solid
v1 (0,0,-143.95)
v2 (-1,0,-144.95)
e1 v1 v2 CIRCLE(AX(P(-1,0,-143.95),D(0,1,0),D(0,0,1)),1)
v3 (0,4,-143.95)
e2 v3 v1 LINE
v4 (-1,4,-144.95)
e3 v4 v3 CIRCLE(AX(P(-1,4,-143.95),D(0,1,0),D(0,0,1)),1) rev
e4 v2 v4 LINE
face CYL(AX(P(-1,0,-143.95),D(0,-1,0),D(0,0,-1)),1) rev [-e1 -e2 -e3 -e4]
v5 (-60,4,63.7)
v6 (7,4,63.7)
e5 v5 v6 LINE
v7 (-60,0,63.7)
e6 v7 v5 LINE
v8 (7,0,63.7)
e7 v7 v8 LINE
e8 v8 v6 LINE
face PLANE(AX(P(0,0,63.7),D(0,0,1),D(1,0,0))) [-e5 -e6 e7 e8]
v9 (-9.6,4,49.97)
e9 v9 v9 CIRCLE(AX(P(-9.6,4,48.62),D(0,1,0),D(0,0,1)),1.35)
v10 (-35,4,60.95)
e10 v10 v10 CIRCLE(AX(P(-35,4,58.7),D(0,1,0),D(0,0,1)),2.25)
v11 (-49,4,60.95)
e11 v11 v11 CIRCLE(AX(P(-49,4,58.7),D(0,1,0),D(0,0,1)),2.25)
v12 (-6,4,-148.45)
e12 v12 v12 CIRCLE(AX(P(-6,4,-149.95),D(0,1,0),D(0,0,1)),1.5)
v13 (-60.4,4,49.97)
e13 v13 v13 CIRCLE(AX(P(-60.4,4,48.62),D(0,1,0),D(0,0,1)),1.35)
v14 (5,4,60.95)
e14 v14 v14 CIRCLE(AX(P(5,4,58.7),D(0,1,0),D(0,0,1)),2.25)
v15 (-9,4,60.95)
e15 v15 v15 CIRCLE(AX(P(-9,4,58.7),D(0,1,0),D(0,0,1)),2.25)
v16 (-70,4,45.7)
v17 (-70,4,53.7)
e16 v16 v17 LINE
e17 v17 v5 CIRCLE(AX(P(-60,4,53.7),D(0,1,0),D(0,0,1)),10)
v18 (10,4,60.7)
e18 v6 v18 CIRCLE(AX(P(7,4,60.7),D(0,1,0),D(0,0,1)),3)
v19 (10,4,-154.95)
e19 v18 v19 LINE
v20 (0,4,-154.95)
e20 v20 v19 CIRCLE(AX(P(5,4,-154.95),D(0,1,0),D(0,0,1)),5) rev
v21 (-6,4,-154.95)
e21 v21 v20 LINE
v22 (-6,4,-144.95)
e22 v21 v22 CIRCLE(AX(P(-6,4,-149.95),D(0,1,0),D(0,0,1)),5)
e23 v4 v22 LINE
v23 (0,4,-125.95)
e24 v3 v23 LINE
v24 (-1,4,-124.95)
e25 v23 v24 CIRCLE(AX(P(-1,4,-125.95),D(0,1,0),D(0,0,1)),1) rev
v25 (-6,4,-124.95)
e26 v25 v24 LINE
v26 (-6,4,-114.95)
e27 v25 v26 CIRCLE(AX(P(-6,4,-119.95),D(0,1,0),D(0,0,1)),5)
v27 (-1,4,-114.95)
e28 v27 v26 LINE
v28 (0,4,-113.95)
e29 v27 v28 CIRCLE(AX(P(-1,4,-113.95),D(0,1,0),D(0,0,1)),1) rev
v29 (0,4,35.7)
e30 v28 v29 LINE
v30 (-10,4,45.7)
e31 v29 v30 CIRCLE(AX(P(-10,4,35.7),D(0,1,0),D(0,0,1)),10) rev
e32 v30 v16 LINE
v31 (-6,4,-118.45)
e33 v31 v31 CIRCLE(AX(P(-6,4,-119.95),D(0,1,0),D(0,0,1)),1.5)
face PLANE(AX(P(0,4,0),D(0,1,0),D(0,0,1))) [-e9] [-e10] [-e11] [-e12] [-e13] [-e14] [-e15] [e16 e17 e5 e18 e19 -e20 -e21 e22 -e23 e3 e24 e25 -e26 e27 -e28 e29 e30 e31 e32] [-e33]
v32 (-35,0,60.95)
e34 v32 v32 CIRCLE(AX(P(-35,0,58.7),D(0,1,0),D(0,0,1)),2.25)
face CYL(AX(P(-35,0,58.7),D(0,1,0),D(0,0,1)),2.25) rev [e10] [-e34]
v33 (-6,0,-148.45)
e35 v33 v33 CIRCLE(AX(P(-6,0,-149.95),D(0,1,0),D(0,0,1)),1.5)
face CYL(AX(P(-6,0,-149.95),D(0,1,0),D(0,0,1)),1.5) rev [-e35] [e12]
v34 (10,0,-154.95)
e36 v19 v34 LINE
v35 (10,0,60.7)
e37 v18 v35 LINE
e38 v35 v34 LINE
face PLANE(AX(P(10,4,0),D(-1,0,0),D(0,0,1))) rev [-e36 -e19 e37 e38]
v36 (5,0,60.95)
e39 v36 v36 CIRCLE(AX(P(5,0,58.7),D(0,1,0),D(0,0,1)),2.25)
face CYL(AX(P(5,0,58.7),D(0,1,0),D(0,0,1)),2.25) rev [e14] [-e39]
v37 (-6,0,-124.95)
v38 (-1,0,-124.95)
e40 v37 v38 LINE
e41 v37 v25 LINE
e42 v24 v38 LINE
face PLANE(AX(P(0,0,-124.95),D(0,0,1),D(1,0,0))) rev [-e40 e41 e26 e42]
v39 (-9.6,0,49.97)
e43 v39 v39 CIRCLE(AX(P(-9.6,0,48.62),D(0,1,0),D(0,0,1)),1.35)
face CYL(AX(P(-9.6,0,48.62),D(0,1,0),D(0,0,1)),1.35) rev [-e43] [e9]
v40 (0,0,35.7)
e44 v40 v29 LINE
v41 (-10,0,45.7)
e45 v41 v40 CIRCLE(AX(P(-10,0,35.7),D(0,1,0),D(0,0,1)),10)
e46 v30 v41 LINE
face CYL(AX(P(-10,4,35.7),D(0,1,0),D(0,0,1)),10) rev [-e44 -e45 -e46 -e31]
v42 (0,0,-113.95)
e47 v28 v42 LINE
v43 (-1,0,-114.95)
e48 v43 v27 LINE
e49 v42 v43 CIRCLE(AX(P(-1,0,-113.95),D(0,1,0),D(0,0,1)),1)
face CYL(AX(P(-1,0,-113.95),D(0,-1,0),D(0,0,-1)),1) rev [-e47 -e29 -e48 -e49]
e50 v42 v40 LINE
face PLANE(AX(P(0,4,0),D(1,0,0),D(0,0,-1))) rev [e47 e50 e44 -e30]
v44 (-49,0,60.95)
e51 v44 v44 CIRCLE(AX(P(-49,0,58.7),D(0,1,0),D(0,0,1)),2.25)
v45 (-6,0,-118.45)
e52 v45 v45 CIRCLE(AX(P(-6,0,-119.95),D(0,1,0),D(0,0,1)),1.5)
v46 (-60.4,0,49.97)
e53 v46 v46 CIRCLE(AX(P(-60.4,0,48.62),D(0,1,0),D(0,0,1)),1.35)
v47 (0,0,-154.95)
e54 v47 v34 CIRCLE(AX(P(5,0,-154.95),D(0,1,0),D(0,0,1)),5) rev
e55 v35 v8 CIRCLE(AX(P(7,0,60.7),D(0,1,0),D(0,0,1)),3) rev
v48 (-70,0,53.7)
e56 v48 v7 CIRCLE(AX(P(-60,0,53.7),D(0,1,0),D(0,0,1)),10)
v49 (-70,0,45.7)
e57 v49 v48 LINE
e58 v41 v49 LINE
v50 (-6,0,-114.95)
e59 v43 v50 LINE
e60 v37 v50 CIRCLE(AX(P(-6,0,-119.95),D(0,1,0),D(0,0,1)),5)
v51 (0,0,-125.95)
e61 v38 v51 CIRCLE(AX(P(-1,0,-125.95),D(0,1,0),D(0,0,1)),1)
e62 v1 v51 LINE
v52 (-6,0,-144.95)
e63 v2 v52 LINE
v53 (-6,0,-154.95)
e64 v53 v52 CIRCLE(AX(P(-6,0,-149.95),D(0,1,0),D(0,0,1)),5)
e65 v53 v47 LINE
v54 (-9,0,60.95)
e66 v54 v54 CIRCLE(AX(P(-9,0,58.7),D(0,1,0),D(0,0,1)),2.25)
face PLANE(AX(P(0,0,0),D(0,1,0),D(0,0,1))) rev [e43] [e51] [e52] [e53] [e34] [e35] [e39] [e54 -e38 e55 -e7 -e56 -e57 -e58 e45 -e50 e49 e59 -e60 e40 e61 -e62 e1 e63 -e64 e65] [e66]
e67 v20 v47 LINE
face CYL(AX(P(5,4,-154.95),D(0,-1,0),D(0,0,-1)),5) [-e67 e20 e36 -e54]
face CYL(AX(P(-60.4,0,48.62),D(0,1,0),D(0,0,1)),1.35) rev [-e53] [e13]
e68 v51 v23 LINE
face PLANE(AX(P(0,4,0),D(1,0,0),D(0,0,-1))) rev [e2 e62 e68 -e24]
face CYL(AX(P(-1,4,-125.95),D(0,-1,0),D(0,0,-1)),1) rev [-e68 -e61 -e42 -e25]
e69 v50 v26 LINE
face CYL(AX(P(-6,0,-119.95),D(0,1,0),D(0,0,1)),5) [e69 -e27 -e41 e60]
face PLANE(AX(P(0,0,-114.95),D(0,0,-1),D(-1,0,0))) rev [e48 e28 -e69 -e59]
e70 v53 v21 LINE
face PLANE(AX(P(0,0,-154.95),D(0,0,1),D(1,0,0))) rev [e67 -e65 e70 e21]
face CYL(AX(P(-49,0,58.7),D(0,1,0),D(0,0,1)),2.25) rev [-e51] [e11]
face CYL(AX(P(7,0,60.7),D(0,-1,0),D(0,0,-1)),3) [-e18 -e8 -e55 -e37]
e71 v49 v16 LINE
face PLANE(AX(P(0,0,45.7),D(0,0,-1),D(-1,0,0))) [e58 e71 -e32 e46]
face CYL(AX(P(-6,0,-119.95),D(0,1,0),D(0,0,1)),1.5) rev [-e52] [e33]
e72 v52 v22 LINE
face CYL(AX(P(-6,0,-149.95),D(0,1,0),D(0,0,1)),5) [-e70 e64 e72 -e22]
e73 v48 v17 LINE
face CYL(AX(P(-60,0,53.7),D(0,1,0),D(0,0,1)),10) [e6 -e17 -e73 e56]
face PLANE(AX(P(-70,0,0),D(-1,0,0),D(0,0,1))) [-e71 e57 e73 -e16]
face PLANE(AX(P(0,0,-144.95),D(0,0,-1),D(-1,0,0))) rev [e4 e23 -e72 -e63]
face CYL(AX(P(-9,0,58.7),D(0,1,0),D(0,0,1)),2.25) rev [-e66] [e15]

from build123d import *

# Parameters (mm, degrees)
BOSS_EXTRUDE1_DEPTH = 4
SKETCH3_R           = 1.35
SKETCH3_R_2         = 2.25
BOSS_EXTRUDE3_DEPTH = 4
FILLET2_R           = 3
SKETCH6_R           = 1.5
BOSS_EXTRUDE5_DEPTH = 4
FILLET4_R           = 1
FILLET5_R           = 10


with BuildPart() as part:
    # Sketch1 → Boss-Extrude1 (new body)
    with BuildSketch(Plane(origin=(0, 0, 0), x_dir=(1, 0, 0), z_dir=(0, 1, 0))):
        with BuildLine():
            Line((0, 154.95), (0, 0))
            Line((0, 0), (10, 0))
            Line((10, 0), (10, 154.95))
            ThreePointArc((10, 154.95), (5, 159.95), (0, 154.95))
        make_face()
    extrude(amount=BOSS_EXTRUDE1_DEPTH)

    # Sketch3 → Boss-Extrude3 (add)
    with BuildSketch(Plane(origin=(0, 4, 0), x_dir=(1, 0, 0), z_dir=(0, 1, 0))):
        with BuildLine():
            Line((0, 0), (0, -45.7))
            Line((0, -45.7), (-70, -45.7))
            Line((-70, -45.7), (-70, -53.7))
            ThreePointArc((-70, -53.7), (-67.071067812, -60.771067812), (-60, -63.7))
            Line((-60, -63.7), (10, -63.7))
            Line((10, -63.7), (10, 0))
            Line((10, 0), (0, 0))
        make_face()
        with Locations((-60.4, -48.62)):
            Circle(SKETCH3_R, mode=Mode.SUBTRACT)
        with Locations((-49, -58.7)):
            Circle(SKETCH3_R_2, mode=Mode.SUBTRACT)
        with Locations((-35, -58.7)):
            Circle(SKETCH3_R_2, mode=Mode.SUBTRACT)
        with Locations((-9, -58.7)):
            Circle(SKETCH3_R_2, mode=Mode.SUBTRACT)
        with Locations((-9.6, -48.62)):
            Circle(SKETCH3_R, mode=Mode.SUBTRACT)
        with Locations((5, -58.7)):
            Circle(SKETCH3_R_2, mode=Mode.SUBTRACT)
    extrude(amount=-BOSS_EXTRUDE3_DEPTH)

    # Fillet2
    fillet2_edges = [part.edges().sort_by_distance(p)[0] for p in [
        (10, 2, 63.7),
    ]]
    fillet(fillet2_edges, radius=FILLET2_R)

    # Sketch6 → Boss-Extrude5 (add)
    with BuildSketch(Plane(origin=(0, 4, 0), x_dir=(1, 0, 0), z_dir=(0, 1, 0))):
        with BuildLine():
            Line((0, 154.95), (-6, 154.95))
            ThreePointArc((-6, 154.95), (-11, 149.95), (-6, 144.95))
            Line((-6, 144.95), (0, 144.95))
            Line((0, 144.95), (0, 154.95))
        make_face()
        with Locations((-6, 149.95)):
            Circle(SKETCH6_R, mode=Mode.SUBTRACT)
        with BuildLine():
            Line((0, 114.95), (0, 124.95))
            Line((0, 124.95), (-6, 124.95))
            ThreePointArc((-6, 124.95), (-11, 119.95), (-6, 114.95))
            Line((-6, 114.95), (0, 114.95))
        make_face()
        with Locations((-6, 119.95)):
            Circle(SKETCH6_R, mode=Mode.SUBTRACT)
    extrude(amount=-BOSS_EXTRUDE5_DEPTH)

    # Fillet4
    fillet4_edges = [part.edges().sort_by_distance(p)[0] for p in [
        (0, 2, -144.95),
        (0, 2, -124.95),
        (0, 2, -114.95),
    ]]
    fillet(fillet4_edges, radius=FILLET4_R)

    # Fillet5
    fillet5_edges = [part.edges().sort_by_distance(p)[0] for p in [
        (0, 2, 45.7),
    ]]
    fillet(fillet5_edges, radius=FILLET5_R)


solid = part.part
